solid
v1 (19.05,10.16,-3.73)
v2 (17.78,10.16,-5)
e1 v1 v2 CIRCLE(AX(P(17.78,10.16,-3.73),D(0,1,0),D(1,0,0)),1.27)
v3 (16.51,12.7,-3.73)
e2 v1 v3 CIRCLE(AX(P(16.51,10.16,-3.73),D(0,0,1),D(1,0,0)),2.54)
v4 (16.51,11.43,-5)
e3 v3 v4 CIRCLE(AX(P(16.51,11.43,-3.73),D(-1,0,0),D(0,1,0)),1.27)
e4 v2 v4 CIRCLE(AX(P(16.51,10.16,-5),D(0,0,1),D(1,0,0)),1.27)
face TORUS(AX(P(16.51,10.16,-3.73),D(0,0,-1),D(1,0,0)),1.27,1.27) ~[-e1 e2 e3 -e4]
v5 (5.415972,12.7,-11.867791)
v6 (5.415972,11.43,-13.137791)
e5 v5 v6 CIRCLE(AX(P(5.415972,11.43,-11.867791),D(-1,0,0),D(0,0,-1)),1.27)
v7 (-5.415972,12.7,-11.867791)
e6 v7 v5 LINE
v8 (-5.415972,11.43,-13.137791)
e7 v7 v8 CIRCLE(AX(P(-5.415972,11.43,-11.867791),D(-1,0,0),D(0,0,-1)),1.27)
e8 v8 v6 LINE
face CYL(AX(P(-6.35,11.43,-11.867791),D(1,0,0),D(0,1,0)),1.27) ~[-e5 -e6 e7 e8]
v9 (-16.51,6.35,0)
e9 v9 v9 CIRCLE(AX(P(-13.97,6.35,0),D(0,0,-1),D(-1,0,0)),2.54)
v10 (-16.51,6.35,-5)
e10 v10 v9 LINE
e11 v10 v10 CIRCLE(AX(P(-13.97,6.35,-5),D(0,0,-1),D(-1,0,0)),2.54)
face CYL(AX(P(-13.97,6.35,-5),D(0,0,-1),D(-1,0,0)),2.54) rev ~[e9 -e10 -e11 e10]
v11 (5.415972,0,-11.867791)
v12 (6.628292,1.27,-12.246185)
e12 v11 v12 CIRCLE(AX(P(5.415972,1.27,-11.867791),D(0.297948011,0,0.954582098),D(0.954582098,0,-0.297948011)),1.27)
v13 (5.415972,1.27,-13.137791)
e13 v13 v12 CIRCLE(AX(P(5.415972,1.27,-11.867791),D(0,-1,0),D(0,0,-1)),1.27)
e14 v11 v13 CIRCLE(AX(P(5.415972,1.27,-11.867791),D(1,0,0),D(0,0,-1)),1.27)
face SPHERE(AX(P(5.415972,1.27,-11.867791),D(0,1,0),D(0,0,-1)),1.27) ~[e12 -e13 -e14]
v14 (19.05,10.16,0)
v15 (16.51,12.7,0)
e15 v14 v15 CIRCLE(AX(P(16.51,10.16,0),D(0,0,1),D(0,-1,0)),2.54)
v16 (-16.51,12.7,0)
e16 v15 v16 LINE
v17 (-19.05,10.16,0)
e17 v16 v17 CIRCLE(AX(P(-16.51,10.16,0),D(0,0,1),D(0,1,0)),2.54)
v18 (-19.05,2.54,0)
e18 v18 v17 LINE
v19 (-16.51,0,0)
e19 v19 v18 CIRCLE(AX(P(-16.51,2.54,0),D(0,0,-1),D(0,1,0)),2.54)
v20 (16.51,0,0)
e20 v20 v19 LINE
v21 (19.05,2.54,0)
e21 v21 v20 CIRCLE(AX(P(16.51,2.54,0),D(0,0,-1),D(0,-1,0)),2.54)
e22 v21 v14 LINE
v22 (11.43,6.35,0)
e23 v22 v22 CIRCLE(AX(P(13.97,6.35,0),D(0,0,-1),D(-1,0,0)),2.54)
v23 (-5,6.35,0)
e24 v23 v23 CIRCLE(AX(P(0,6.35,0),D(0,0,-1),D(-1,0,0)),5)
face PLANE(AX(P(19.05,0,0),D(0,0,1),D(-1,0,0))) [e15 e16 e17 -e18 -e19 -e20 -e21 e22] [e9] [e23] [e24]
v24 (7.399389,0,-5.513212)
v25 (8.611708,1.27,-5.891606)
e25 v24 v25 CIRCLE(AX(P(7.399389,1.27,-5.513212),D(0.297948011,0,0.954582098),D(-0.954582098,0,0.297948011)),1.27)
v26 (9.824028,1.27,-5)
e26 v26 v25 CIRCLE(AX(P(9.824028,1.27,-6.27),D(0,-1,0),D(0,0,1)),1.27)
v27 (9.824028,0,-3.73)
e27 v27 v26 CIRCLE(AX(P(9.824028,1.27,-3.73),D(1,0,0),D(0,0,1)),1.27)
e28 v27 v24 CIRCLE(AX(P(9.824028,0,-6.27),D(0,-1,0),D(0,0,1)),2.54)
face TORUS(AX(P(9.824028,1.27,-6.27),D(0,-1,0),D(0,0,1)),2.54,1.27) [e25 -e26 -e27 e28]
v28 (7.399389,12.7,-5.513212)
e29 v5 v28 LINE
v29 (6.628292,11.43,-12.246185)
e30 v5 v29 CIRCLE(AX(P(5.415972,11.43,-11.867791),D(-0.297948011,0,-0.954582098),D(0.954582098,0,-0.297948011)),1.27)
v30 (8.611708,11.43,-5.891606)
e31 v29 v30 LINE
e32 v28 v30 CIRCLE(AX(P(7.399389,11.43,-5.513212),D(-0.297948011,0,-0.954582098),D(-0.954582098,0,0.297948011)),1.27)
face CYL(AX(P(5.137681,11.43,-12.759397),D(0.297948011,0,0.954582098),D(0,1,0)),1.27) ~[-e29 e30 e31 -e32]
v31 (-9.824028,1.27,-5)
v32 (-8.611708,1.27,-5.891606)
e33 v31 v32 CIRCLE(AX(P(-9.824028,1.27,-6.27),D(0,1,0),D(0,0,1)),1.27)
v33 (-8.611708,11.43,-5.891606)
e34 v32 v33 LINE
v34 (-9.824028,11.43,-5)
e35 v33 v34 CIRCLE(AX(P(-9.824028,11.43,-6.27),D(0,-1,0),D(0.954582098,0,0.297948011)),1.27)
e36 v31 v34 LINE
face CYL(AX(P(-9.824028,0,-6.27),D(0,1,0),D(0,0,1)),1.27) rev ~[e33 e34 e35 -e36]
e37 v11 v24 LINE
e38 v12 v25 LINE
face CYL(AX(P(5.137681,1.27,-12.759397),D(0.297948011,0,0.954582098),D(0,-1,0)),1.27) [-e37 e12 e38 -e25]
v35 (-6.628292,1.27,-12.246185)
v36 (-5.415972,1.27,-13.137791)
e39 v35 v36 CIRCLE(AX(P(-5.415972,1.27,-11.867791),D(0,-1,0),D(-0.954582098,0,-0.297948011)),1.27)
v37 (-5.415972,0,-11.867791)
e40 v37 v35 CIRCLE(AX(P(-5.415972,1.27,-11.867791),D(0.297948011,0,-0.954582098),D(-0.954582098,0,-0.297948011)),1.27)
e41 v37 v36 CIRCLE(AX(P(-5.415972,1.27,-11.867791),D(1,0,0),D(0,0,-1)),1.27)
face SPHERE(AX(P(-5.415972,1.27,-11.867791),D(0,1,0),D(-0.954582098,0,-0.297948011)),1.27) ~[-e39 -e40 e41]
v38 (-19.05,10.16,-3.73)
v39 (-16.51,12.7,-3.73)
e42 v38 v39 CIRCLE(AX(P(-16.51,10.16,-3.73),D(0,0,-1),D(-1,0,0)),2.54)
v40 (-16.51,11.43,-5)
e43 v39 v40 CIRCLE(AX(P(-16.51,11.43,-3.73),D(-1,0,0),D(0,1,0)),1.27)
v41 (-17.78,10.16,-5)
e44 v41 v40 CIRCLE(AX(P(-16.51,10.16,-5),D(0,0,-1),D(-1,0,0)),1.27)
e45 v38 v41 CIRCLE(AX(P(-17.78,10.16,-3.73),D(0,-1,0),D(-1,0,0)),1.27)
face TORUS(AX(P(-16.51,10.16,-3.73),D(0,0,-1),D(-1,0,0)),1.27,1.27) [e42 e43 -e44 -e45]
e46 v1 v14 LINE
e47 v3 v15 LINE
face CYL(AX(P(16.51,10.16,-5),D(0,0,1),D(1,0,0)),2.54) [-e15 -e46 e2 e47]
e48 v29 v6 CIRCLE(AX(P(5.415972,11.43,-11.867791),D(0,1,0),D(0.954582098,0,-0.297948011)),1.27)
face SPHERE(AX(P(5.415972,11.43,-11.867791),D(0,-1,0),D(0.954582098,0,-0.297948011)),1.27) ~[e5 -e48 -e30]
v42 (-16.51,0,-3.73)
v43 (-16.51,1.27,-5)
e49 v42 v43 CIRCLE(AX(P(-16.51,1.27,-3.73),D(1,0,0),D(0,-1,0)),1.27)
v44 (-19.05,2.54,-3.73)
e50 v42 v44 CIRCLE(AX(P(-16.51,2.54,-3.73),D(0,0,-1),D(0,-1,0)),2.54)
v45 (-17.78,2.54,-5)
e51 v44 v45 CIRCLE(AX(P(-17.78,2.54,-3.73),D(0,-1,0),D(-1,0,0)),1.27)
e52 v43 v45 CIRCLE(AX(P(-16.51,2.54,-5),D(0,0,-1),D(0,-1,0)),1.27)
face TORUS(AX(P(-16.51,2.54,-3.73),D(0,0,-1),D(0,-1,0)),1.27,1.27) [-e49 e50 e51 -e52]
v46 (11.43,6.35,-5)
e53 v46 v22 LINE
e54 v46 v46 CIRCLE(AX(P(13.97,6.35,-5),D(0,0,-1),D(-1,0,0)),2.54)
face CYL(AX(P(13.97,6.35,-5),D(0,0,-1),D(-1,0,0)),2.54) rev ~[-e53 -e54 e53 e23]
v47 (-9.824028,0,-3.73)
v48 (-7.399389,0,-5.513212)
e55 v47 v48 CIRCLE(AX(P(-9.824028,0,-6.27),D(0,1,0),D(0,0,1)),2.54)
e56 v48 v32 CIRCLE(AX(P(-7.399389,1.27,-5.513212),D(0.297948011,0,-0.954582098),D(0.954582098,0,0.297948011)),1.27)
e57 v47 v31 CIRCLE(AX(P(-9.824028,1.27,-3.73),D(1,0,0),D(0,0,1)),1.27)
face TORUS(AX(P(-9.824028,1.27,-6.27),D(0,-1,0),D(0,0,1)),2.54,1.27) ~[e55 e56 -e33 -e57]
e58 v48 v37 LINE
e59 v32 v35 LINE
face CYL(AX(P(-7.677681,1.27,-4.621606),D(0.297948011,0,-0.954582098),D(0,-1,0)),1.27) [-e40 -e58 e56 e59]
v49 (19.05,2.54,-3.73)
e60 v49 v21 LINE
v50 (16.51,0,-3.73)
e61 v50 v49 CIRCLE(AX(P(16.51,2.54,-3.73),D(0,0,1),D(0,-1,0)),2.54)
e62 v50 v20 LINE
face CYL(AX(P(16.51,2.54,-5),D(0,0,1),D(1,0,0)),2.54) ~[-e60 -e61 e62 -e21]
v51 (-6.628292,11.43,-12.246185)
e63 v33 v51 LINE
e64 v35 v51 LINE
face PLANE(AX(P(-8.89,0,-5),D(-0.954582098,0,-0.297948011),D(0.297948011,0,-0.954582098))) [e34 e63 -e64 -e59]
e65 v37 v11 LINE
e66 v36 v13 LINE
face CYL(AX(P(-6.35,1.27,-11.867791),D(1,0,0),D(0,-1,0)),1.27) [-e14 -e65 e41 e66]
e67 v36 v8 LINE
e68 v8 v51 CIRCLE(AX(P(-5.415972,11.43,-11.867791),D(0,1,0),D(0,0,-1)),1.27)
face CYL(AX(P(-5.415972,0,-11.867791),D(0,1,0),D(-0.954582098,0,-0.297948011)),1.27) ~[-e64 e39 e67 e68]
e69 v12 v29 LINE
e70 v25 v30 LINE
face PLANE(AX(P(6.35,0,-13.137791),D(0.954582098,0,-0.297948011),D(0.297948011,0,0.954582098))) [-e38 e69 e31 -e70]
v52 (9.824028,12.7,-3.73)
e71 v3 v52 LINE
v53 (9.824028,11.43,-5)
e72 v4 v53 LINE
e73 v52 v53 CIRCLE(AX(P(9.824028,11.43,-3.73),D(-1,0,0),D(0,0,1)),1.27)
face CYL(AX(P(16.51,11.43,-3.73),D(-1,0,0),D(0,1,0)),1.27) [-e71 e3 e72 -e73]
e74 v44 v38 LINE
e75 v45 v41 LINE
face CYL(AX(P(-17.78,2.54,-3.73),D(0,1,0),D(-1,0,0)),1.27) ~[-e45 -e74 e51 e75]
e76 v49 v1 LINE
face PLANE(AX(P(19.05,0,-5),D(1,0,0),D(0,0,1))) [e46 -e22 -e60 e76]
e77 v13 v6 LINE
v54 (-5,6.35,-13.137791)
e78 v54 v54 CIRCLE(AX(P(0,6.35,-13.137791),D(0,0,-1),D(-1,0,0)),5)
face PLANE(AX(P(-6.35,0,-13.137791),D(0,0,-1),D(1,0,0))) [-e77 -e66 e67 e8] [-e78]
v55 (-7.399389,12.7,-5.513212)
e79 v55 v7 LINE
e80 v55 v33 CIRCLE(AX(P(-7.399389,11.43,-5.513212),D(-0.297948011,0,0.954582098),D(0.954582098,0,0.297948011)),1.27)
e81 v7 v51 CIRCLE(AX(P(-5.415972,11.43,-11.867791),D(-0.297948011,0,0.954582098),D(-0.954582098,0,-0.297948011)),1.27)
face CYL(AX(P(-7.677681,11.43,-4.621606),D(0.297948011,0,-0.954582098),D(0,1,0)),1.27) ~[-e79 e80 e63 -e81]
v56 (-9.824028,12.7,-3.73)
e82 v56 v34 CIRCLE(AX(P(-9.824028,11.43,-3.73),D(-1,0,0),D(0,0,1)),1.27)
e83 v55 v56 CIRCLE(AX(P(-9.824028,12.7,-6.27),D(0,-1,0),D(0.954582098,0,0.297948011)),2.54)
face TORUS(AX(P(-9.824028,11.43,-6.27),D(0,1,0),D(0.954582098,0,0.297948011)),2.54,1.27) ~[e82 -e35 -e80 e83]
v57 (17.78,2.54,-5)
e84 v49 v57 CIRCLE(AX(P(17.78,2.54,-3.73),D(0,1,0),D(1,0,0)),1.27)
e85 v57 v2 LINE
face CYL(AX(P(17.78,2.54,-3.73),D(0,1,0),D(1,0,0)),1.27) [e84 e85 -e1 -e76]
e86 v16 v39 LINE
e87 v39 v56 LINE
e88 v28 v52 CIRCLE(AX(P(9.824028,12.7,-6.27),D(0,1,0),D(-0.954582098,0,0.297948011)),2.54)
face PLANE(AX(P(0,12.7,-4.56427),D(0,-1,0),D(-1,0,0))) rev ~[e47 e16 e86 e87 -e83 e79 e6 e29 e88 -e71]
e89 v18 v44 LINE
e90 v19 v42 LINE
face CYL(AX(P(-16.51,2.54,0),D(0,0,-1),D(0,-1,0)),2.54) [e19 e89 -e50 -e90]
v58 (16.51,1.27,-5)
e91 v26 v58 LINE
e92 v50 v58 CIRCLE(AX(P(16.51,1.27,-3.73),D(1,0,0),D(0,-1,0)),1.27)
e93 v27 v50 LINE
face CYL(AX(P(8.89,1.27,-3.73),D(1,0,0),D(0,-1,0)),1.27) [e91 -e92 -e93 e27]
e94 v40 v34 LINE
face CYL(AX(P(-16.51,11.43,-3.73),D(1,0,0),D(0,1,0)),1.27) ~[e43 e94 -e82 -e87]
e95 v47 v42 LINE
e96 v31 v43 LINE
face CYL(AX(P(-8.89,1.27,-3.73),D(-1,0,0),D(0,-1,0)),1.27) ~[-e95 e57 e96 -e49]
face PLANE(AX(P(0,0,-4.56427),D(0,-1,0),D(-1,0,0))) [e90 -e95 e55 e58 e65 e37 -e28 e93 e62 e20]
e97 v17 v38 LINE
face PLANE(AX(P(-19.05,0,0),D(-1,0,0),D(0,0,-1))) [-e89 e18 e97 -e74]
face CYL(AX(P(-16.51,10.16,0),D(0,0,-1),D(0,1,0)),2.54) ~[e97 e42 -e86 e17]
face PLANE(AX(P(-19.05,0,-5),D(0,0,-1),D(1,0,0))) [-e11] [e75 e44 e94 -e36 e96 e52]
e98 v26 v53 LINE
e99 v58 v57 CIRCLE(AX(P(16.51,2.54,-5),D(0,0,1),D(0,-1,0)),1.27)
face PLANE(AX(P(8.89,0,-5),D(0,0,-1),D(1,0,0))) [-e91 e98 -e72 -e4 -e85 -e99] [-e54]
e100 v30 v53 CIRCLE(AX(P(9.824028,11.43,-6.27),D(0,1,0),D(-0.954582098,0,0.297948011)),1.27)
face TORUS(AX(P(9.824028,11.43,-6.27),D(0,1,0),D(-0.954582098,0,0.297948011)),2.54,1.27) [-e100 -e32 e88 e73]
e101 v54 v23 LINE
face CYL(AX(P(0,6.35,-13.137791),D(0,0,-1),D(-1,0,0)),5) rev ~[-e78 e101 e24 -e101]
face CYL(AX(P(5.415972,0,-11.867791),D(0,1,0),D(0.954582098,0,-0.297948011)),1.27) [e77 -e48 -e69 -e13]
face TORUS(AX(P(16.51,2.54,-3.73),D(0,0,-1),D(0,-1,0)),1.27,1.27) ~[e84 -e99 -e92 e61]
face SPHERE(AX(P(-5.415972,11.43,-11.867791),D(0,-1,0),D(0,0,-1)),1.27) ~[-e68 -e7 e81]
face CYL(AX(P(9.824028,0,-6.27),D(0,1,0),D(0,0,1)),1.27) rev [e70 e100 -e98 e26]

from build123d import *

# Parameters (mm, degrees)
BOSS_EXTRUDE1_DEPTH = 12.7
SKETCH2_R           = 5
CUT_EXTRUDE1_DEPTH  = 14.137790614
SKETCH3_R           = 2.54
CUT_EXTRUDE2_DEPTH  = 6
FILLET1_R           = 2.54
FILLET2_R           = 1.27


with BuildPart() as part:
    # Sketch1 → Boss-Extrude1 (new body)
    with BuildSketch(Plane(origin=(0, 0, 0), x_dir=(1, 0, 0), z_dir=(0, 1, 0))):
        Polygon((19.05, 0), (-19.05, 0), (-19.05, 5), (-8.89, 5), (-6.35, 13.137790614), (6.35, 13.137790614), (8.89, 5), (19.05, 5), align=None)
    extrude(amount=BOSS_EXTRUDE1_DEPTH)

    # Sketch2 → Cut-Extrude1 (cut, through all)
    with BuildSketch(Plane(origin=(0, 0, -13.137790614), x_dir=(-1, 0, 0), z_dir=(0, 0, -1))):
        with Locations((0, 6.35)):
            Circle(SKETCH2_R)
    extrude(amount=-CUT_EXTRUDE1_DEPTH, mode=Mode.SUBTRACT)

    # Sketch3 → Cut-Extrude2 (cut, through all)
    with BuildSketch(Plane(origin=(0, 0, -5), x_dir=(-1, 0, 0), z_dir=(0, 0, -1))):
        with Locations((13.97, 6.35)):
            Circle(SKETCH3_R)
        with Locations((-13.97, 6.35)):
            Circle(SKETCH3_R)
    extrude(amount=-CUT_EXTRUDE2_DEPTH, mode=Mode.SUBTRACT)

    # Fillet1
    fillet1_edges = [part.edges().sort_by_distance(p)[0] for p in [
        (19.05, 12.7, -2.5),
        (-19.05, 0, -2.5),
        (-19.05, 12.7, -2.5),
        (19.05, 0, -2.5),
    ]]
    fillet(fillet1_edges, radius=FILLET1_R)

    # Fillet2
    fillet2_edges = [part.edges().sort_by_distance(p)[0] for p in [
        (-8.89, 6.35, -5),
        (-6.35, 6.35, -13.137790614),
        (6.35, 6.35, -13.137790614),
        (8.89, 6.35, -5),
        (7.62, 12.7, -9.068895307),
        (0, 12.7, -13.137790614),
        (-7.62, 12.7, -9.068895307),
        (-12.7, 12.7, -5),
        (-19.05, 6.35, -5),
        (12.7, 0, -5),
        (-18.306051224, 11.956051224, -5),
        (-18.306051224, 0.743948776, -5),
        (19.05, 6.35, -5),
        (12.7, 12.7, -5),
        (18.306051224, 11.956051224, -5),
        (18.306051224, 0.743948776, -5),
        (-12.7, 0, -5),
        (-7.62, 0, -9.068895307),
        (0, 0, -13.137790614),
        (7.62, 0, -9.068895307),
    ]]
    fillet(fillet2_edges, radius=FILLET2_R)


solid = part.part
